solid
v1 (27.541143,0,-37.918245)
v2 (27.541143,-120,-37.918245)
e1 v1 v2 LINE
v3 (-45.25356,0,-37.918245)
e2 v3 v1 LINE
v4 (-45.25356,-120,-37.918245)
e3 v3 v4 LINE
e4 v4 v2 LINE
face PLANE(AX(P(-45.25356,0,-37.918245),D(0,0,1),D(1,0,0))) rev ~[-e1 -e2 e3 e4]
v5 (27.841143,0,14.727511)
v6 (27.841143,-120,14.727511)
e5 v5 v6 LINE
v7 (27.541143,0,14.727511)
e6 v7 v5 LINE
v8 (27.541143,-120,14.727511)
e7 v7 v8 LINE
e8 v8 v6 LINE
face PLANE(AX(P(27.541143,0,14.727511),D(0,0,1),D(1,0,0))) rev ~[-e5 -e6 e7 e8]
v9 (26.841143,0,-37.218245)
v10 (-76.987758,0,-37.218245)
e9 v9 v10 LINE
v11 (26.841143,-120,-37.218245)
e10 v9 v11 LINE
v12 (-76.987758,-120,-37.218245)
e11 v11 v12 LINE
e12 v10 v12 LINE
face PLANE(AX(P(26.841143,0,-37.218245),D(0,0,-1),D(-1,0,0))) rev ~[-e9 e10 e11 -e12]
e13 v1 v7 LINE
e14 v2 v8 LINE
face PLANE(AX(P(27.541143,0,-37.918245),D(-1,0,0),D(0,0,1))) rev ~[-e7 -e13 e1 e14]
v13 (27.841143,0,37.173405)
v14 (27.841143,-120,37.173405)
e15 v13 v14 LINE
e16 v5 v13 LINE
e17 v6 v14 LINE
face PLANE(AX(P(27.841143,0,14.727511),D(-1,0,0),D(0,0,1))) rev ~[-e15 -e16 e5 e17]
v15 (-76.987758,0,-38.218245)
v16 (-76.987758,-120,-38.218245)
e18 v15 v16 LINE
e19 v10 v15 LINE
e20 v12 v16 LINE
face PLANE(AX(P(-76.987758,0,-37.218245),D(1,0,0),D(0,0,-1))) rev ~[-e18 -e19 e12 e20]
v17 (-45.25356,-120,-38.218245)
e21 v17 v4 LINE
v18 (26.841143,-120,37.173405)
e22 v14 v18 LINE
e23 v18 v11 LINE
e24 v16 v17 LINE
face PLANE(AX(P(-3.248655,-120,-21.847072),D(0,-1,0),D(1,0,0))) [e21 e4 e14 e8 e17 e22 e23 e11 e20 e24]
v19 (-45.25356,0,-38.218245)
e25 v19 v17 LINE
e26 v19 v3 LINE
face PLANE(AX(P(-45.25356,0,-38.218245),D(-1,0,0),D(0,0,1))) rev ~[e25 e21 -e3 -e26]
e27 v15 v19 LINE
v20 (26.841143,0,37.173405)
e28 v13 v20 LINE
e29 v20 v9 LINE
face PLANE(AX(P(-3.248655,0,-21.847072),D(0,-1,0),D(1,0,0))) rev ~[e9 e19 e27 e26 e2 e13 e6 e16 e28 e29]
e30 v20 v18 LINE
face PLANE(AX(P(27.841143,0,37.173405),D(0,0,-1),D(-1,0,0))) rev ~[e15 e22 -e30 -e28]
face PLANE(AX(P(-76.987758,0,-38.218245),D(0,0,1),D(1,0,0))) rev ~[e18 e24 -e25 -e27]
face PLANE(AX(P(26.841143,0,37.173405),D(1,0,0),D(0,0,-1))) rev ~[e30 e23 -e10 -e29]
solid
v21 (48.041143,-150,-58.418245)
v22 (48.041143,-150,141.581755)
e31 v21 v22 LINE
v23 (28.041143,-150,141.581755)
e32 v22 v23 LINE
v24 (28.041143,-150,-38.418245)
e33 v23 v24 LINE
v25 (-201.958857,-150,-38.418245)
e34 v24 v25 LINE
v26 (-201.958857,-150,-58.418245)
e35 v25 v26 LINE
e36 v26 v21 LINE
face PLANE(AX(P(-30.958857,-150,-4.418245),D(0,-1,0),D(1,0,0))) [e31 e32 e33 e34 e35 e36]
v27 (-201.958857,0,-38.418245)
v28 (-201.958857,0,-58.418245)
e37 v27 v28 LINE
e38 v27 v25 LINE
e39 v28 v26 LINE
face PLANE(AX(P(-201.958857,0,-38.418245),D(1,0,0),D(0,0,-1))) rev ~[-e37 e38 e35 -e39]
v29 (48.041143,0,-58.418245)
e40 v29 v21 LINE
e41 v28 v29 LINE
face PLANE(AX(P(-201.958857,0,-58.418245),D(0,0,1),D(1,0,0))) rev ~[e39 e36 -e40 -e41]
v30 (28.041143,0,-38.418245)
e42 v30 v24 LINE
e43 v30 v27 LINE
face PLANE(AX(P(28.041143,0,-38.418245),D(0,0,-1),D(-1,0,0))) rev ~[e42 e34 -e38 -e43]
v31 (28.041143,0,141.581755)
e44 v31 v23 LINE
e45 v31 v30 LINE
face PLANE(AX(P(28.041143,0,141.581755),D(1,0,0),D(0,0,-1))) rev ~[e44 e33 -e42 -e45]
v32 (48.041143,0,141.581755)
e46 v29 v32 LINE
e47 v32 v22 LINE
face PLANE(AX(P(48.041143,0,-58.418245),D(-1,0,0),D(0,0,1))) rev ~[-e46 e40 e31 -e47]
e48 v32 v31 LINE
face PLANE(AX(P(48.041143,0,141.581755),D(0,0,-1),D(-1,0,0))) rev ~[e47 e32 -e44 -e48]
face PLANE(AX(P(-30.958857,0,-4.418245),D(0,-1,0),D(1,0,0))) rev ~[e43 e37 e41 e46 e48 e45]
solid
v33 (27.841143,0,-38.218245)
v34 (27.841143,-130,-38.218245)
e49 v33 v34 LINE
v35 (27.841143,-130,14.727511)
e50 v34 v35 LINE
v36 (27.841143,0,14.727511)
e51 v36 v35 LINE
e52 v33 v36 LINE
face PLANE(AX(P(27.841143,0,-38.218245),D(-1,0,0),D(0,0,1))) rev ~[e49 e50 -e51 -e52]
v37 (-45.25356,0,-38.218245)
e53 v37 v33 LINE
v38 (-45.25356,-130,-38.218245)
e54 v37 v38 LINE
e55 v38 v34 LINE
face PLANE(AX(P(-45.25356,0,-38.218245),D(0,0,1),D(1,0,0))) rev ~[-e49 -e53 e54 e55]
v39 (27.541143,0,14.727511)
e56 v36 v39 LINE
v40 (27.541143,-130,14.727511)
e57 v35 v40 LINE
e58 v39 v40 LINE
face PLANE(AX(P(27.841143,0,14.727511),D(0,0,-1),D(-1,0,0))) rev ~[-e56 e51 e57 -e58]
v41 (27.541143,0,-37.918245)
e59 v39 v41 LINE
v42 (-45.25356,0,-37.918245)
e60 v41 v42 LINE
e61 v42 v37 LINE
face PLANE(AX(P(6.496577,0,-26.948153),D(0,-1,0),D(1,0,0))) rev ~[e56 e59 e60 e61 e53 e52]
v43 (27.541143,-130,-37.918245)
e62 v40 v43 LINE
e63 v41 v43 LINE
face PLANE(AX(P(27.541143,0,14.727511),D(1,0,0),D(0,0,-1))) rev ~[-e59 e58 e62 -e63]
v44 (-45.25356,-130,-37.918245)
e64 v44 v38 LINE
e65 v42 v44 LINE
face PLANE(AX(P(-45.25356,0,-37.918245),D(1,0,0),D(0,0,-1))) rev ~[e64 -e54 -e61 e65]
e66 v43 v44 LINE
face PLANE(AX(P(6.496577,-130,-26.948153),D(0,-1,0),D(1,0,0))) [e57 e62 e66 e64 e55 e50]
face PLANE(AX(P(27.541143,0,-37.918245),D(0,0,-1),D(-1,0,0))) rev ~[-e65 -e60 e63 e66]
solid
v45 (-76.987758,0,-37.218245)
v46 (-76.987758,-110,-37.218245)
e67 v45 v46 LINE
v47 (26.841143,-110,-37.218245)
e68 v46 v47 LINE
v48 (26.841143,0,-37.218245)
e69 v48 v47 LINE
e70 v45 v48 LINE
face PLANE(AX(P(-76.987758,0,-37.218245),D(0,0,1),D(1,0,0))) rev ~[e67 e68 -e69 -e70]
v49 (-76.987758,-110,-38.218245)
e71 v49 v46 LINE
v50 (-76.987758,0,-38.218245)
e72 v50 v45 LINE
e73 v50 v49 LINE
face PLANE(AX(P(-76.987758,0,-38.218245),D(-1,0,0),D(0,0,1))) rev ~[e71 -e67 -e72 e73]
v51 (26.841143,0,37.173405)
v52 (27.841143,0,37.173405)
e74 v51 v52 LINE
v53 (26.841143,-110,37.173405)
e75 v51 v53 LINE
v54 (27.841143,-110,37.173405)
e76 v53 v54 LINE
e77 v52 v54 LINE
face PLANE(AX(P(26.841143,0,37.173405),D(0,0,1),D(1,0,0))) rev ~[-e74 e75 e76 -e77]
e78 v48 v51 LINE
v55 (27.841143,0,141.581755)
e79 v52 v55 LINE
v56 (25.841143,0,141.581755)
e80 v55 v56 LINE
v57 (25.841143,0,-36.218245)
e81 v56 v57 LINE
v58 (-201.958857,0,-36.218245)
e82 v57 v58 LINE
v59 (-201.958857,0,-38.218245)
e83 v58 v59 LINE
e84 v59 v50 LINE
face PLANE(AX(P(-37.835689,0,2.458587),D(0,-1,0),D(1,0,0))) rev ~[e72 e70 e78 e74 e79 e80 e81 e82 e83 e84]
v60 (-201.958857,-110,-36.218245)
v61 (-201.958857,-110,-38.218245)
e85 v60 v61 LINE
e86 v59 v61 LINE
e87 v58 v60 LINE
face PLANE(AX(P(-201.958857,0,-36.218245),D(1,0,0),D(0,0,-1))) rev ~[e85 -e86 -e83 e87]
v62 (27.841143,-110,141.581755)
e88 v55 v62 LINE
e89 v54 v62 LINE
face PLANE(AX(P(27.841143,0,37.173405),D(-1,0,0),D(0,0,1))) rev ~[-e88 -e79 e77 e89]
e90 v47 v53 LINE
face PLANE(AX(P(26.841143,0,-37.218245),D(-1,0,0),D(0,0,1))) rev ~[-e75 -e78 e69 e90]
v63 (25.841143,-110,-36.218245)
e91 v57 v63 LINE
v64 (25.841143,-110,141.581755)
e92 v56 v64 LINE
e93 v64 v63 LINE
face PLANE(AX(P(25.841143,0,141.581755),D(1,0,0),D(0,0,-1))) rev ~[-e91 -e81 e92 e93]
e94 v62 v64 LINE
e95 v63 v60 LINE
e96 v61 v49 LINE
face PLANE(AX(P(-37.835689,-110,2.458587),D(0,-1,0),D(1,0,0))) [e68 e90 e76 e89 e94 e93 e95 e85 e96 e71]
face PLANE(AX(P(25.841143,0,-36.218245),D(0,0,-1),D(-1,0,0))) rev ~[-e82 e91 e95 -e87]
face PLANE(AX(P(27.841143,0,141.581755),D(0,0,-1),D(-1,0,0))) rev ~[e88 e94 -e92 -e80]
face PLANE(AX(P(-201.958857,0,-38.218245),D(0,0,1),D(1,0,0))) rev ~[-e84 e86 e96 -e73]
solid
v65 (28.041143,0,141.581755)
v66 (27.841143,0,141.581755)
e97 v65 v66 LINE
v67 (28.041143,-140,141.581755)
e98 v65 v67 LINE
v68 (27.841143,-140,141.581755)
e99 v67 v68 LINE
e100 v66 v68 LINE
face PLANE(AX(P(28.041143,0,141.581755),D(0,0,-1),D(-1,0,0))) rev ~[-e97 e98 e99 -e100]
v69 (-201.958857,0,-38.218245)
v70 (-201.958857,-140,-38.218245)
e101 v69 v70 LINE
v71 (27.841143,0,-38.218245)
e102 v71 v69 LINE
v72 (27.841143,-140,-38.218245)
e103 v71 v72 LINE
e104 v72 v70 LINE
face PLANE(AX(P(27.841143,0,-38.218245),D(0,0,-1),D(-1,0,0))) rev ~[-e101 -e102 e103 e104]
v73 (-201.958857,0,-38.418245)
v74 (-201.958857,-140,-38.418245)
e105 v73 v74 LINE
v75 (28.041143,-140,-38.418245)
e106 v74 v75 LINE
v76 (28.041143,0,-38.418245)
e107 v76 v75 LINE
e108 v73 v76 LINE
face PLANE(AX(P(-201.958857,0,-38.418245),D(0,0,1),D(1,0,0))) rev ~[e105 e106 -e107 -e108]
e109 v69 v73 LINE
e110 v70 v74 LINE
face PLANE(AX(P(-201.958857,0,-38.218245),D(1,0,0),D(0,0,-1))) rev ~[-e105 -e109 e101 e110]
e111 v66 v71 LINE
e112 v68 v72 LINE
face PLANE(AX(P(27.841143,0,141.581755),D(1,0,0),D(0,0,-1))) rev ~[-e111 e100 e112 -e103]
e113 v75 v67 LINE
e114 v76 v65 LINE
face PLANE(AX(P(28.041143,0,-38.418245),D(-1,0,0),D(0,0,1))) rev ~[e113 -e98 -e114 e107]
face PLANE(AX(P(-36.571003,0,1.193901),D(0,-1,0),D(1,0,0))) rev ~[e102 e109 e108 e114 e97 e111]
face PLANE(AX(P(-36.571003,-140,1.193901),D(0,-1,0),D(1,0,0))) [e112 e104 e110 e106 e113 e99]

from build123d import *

# Parameters (mm, degrees)
F1_DEPTH = 150
F2_DEPTH = 140
F3_DEPTH = 130
F4_DEPTH = 120
F5_DEPTH = 110


with BuildPart() as f1:
    # F0 (on Front) → F1 (new body)
    with BuildSketch(Plane.XZ):
        Polygon((28.041143, -38.418245), (-201.958857, -38.418245), (-201.958857, -58.418245), (48.041143, -58.418245), (48.041143, 141.581755), (28.041143, 141.581755), align=None)
    extrude(amount=F1_DEPTH)


with BuildPart() as f2:
    # F0 (on Front) → F2 (new body)
    with BuildSketch(Plane.XZ):
        Polygon((-201.958857, -38.218245), (-201.958857, -38.418245), (28.041143, -38.418245), (28.041143, 141.581755), (27.841143, 141.581755), (27.841143, 37.173405), (27.841143, 14.727511), (27.841143, -38.218245), (-45.25356, -38.218245), (-76.987758, -38.218245), align=None)
    extrude(amount=F2_DEPTH)


with BuildPart() as f3:
    # F0 (on Front) → F3 (new body)
    with BuildSketch(Plane.XZ):
        Polygon((-45.25356, -37.918245), (-45.25356, -38.218245), (27.841143, -38.218245), (27.841143, 14.727511), (27.541143, 14.727511), (27.541143, -37.918245), align=None)
    extrude(amount=F3_DEPTH)


with BuildPart() as f4:
    # F0 (on Front) → F4 (new body)
    with BuildSketch(Plane.XZ):
        Polygon((-76.987758, -37.218245), (-76.987758, -38.218245), (-45.25356, -38.218245), (-45.25356, -37.918245), (27.541143, -37.918245), (27.541143, 14.727511), (27.841143, 14.727511), (27.841143, 37.173405), (26.841143, 37.173405), (26.841143, -37.218245), align=None)
    extrude(amount=F4_DEPTH)


with BuildPart() as f5:
    # F0 (on Front) → F5 (new body)
    with BuildSketch(Plane.XZ):
        Polygon((-201.958857, -36.218245), (-201.958857, -38.218245), (-76.987758, -38.218245), (-76.987758, -37.218245), (26.841143, -37.218245), (26.841143, 37.173405), (27.841143, 37.173405), (27.841143, 141.581755), (25.841143, 141.581755), (25.841143, -36.218245), align=None)
    extrude(amount=F5_DEPTH)


solid = Compound([f1.part, f2.part, f3.part, f4.part, f5.part])
